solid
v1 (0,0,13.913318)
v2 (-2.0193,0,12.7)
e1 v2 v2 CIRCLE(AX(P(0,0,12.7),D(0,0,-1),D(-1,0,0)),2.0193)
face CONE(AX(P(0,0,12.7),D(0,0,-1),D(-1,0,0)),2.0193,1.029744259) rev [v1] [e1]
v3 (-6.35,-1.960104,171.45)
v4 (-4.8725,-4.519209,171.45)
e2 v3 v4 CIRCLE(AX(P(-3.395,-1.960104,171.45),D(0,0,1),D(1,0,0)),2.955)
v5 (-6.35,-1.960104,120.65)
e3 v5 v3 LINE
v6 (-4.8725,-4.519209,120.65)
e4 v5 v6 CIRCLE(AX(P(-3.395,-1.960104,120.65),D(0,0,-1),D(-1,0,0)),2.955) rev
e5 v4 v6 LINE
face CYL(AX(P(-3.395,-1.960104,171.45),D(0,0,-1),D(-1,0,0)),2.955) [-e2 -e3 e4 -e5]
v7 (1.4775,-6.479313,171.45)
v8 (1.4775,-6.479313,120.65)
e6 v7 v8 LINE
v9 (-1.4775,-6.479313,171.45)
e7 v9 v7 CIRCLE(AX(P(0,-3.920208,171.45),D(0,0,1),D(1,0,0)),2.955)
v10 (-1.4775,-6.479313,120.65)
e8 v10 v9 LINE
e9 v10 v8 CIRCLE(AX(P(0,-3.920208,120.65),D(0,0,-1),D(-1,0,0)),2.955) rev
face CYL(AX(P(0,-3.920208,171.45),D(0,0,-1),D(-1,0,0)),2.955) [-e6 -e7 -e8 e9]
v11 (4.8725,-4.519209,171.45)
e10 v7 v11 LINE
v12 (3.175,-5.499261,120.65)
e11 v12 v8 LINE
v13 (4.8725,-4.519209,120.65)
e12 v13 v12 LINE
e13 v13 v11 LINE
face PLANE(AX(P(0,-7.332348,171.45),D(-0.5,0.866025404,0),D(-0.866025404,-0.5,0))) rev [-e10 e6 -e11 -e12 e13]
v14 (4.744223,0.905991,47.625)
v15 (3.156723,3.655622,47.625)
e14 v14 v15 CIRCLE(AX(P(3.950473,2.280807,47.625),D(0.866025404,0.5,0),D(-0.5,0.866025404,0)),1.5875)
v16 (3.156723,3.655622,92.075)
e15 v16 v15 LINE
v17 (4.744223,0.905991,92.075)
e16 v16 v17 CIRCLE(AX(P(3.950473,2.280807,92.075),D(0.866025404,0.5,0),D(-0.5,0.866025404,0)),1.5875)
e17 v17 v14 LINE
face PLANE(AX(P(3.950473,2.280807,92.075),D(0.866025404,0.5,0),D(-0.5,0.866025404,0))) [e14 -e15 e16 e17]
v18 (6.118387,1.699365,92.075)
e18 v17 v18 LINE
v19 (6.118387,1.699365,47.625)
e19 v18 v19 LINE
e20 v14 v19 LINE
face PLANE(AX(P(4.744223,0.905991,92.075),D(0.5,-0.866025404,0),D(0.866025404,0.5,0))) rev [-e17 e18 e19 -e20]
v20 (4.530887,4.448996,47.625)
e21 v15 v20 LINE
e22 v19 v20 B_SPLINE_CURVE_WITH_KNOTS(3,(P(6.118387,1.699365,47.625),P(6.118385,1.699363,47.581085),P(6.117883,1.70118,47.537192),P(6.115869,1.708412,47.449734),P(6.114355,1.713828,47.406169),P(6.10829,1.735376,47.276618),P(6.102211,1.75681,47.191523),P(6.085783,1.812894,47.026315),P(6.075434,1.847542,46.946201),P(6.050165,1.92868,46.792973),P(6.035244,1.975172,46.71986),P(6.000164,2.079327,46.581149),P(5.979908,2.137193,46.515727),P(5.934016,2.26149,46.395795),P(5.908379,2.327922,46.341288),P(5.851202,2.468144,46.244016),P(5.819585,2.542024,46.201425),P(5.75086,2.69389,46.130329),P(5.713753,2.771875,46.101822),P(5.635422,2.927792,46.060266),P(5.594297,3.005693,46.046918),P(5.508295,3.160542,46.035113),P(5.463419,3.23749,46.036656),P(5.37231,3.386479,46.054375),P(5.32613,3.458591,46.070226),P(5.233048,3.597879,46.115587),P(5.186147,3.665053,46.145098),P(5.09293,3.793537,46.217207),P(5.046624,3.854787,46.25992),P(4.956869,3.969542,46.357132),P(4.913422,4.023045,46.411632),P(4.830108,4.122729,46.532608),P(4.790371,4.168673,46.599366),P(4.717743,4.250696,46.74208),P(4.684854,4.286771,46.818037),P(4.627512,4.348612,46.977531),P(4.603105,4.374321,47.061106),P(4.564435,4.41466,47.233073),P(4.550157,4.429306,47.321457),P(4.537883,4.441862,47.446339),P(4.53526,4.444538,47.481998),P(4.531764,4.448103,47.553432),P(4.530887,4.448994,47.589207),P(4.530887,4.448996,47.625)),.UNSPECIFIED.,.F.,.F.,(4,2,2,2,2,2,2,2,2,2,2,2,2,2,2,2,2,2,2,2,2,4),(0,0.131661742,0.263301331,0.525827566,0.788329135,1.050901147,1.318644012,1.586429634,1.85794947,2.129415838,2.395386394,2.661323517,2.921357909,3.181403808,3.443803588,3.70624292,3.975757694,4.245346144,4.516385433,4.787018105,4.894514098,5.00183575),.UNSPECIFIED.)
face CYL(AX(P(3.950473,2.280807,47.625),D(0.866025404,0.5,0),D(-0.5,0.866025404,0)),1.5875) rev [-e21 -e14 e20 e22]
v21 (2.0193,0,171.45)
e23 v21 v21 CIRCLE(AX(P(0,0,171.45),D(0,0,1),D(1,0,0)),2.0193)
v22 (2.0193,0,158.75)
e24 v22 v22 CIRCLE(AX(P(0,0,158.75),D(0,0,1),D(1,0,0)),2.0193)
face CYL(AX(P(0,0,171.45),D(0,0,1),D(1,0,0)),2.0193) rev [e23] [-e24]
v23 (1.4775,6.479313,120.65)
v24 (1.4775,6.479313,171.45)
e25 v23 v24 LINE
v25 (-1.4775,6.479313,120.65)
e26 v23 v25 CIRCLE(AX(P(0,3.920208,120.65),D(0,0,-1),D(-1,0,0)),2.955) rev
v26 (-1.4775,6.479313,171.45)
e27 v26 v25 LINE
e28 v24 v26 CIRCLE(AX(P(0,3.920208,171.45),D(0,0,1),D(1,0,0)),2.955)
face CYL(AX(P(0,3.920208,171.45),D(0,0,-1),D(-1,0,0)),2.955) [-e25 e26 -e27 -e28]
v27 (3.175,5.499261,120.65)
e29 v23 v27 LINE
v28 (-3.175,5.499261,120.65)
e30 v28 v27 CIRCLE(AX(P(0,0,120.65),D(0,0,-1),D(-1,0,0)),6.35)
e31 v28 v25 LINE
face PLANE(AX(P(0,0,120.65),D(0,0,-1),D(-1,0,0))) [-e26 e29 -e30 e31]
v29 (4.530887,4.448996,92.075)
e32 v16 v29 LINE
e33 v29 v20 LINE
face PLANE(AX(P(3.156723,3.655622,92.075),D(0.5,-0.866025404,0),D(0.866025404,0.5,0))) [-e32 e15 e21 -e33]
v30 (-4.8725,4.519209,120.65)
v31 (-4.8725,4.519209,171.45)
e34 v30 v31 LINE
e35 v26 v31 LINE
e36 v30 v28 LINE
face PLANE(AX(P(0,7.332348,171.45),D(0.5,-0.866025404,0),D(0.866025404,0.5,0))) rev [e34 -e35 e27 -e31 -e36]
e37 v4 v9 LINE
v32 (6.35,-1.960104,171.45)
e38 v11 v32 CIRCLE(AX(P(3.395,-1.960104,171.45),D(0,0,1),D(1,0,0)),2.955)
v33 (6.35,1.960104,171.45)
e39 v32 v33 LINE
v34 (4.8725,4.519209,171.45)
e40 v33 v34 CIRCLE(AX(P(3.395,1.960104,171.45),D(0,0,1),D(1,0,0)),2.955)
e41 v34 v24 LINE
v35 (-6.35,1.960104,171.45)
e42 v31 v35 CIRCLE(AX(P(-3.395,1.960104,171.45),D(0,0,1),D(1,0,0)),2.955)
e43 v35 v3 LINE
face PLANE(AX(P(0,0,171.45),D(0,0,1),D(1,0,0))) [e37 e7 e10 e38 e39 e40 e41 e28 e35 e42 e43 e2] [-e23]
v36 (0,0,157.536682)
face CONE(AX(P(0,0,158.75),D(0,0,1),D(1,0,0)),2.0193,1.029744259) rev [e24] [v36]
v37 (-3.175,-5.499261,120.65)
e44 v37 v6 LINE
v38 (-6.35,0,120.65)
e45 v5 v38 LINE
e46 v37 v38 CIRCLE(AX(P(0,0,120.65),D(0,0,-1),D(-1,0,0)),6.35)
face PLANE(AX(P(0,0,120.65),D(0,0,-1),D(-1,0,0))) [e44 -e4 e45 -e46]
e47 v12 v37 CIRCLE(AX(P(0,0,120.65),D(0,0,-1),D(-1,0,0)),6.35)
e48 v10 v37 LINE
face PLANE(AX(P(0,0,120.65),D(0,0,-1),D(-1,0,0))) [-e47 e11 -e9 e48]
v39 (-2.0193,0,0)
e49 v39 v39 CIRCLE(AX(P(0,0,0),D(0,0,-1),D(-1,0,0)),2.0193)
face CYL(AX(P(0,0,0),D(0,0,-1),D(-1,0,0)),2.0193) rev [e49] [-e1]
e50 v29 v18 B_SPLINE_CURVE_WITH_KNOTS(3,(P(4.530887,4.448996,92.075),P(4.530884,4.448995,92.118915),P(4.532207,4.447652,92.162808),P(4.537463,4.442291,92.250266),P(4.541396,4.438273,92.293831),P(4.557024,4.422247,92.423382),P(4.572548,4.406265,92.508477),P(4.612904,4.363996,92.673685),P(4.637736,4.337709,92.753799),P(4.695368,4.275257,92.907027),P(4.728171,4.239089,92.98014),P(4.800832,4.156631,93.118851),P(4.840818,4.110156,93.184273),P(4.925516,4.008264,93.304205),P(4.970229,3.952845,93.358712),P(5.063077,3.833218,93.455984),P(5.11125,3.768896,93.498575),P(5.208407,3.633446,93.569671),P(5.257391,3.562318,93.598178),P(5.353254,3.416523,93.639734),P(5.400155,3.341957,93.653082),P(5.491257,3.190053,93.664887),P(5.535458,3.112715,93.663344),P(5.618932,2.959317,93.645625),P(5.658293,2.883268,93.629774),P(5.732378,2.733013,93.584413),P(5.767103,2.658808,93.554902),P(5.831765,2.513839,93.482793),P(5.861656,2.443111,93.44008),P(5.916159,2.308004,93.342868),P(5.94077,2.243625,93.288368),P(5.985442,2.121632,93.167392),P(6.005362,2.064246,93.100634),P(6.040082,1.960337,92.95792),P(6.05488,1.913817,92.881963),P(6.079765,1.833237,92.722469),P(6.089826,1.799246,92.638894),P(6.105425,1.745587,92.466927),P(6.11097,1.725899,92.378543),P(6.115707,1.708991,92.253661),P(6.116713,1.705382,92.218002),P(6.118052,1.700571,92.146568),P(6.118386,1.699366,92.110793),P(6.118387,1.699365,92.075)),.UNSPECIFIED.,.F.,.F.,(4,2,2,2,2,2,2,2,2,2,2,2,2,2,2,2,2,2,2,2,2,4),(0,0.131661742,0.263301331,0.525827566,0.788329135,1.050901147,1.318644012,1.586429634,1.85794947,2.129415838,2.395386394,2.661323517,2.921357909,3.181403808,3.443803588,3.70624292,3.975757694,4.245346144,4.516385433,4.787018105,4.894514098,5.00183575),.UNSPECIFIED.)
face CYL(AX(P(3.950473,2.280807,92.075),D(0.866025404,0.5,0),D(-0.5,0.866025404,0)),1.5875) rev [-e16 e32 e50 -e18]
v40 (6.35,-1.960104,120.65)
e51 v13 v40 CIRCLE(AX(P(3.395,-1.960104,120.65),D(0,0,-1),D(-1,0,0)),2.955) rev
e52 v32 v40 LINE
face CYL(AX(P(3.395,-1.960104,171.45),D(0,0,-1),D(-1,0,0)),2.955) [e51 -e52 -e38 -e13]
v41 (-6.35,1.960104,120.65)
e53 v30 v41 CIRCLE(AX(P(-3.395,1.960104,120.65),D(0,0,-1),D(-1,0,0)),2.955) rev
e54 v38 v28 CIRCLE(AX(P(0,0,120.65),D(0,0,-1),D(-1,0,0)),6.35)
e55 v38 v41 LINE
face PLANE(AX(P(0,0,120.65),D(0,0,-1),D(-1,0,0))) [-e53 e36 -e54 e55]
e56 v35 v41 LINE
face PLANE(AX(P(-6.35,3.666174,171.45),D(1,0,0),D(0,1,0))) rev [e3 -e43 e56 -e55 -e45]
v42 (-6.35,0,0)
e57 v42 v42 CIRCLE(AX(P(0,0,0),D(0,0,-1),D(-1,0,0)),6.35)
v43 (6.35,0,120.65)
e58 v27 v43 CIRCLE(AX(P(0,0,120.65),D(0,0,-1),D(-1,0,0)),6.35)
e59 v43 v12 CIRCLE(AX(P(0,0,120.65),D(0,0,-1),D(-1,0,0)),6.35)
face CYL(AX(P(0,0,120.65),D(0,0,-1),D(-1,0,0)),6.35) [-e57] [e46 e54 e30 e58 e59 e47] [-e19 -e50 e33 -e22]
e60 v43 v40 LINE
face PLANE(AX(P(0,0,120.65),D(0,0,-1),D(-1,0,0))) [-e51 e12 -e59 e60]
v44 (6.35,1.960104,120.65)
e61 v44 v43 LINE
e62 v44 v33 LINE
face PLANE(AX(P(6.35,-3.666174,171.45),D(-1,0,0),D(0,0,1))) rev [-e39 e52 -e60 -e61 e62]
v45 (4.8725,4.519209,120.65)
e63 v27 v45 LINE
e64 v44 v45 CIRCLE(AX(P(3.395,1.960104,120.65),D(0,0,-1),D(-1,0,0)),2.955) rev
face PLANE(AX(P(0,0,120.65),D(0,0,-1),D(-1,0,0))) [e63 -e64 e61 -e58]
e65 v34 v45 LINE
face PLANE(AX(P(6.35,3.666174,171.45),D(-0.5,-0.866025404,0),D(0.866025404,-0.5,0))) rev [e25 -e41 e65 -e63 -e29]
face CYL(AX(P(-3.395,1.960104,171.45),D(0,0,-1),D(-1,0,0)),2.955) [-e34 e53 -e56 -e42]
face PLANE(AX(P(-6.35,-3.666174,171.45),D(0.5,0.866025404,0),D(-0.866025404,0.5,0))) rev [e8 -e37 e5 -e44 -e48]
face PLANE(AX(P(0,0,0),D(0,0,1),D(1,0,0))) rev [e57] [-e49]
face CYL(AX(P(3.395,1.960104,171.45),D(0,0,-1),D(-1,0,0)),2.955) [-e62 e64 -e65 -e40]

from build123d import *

# Parameters (mm, degrees)
BOSS_EXTRUDE1_DEPTH            = 171.45
FILLET1_R                      = 2.955
TAP_DRILL_FOR_10_32_TAP1_D     = 4.0386
TAP_DRILL_FOR_10_32_TAP1_DEPTH = 12.7
TAP_DRILL_FOR_10_32_TAP1_TIP   = 1.213317848
TAP_DRILL_FOR_10_32_TAP2_D     = 4.0386
TAP_DRILL_FOR_10_32_TAP2_DEPTH = 12.7
TAP_DRILL_FOR_10_32_TAP2_TIP   = 1.213317848
SKETCH12_OUTSIDE_W             = 49.194
SKETCH12_OUTSIDE_H             = 50.244
SKETCH12_OUTSIDE_R             = 6.35
CUT_EXTRUDE2_DEPTH             = 120.65
CUT_EXTRUDE3_DEPTH             = 1.9177


with BuildPart() as part:
    # Sketch3 → Boss-Extrude1 (new body)
    with BuildSketch(Plane.XY):
        Polygon((0, 7.332348419), (-6.35, 3.666174209), (-6.35, -3.666174209), (0, -7.332348419), (6.35, -3.666174209), (6.35, 3.666174209), align=None)
    extrude(amount=BOSS_EXTRUDE1_DEPTH)

    # Fillet1
    fillet1_edges = [part.edges().sort_by_distance(p)[0] for p in [
        (6.35, 3.666174209, 85.725),
        (6.35, -3.666174209, 85.725),
        (0, -7.332348419, 85.725),
        (-6.35, -3.666174209, 85.725),
        (-6.35, 3.666174209, 85.725),
        (0, 7.332348419, 85.725),
    ]]
    fillet(fillet1_edges, radius=FILLET1_R)

    # Tap Drill for #10-32 Tap1
    with Locations(Plane(origin=(0, 0, 0), x_dir=(-1, 0, 0), z_dir=(0, 0, -1))):
        with Locations((0, 0)):
            Hole(TAP_DRILL_FOR_10_32_TAP1_D / 2, depth=TAP_DRILL_FOR_10_32_TAP1_DEPTH)
            with Locations((0, 0, -(TAP_DRILL_FOR_10_32_TAP1_DEPTH + TAP_DRILL_FOR_10_32_TAP1_TIP / 2))):  # 118° drill point
                Cone(0, TAP_DRILL_FOR_10_32_TAP1_D / 2, TAP_DRILL_FOR_10_32_TAP1_TIP, mode=Mode.SUBTRACT)

    # Tap Drill for #10-32 Tap2
    with Locations(Plane.XY.offset(171.45)):
        with Locations((0, 0)):
            Hole(TAP_DRILL_FOR_10_32_TAP2_D / 2, depth=TAP_DRILL_FOR_10_32_TAP2_DEPTH)
            with Locations((0, 0, -(TAP_DRILL_FOR_10_32_TAP2_DEPTH + TAP_DRILL_FOR_10_32_TAP2_TIP / 2))):  # 118° drill point
                Cone(0, TAP_DRILL_FOR_10_32_TAP2_D / 2, TAP_DRILL_FOR_10_32_TAP2_TIP, mode=Mode.SUBTRACT)

    # Sketch12 outside → Cut-Extrude2 (cut)
    with BuildSketch(Plane(origin=(0, 0, 0), x_dir=(-1, 0, 0), z_dir=(0, 0, -1))):
        Rectangle(SKETCH12_OUTSIDE_W, SKETCH12_OUTSIDE_H)
        Circle(SKETCH12_OUTSIDE_R, mode=Mode.SUBTRACT)
    extrude(amount=-CUT_EXTRUDE2_DEPTH, mode=Mode.SUBTRACT)

    # Sketch13 → Cut-Extrude3 (cut)
    with BuildSketch(Plane(origin=(5.61125, 3.239656698, 0), x_dir=(0, 0, 1), z_dir=(-0.866025404, -0.5, 0))):
        with BuildLine():
            Line((92.075, 1.5875), (47.625, 1.5875))
            ThreePointArc((47.625, 1.5875), (46.0375, 0), (47.625, -1.5875))
            Line((47.625, -1.5875), (92.075, -1.5875))
            ThreePointArc((92.075, -1.5875), (93.6625, 0), (92.075, 1.5875))
        make_face()
    extrude(amount=CUT_EXTRUDE3_DEPTH, mode=Mode.SUBTRACT)


solid = part.part
